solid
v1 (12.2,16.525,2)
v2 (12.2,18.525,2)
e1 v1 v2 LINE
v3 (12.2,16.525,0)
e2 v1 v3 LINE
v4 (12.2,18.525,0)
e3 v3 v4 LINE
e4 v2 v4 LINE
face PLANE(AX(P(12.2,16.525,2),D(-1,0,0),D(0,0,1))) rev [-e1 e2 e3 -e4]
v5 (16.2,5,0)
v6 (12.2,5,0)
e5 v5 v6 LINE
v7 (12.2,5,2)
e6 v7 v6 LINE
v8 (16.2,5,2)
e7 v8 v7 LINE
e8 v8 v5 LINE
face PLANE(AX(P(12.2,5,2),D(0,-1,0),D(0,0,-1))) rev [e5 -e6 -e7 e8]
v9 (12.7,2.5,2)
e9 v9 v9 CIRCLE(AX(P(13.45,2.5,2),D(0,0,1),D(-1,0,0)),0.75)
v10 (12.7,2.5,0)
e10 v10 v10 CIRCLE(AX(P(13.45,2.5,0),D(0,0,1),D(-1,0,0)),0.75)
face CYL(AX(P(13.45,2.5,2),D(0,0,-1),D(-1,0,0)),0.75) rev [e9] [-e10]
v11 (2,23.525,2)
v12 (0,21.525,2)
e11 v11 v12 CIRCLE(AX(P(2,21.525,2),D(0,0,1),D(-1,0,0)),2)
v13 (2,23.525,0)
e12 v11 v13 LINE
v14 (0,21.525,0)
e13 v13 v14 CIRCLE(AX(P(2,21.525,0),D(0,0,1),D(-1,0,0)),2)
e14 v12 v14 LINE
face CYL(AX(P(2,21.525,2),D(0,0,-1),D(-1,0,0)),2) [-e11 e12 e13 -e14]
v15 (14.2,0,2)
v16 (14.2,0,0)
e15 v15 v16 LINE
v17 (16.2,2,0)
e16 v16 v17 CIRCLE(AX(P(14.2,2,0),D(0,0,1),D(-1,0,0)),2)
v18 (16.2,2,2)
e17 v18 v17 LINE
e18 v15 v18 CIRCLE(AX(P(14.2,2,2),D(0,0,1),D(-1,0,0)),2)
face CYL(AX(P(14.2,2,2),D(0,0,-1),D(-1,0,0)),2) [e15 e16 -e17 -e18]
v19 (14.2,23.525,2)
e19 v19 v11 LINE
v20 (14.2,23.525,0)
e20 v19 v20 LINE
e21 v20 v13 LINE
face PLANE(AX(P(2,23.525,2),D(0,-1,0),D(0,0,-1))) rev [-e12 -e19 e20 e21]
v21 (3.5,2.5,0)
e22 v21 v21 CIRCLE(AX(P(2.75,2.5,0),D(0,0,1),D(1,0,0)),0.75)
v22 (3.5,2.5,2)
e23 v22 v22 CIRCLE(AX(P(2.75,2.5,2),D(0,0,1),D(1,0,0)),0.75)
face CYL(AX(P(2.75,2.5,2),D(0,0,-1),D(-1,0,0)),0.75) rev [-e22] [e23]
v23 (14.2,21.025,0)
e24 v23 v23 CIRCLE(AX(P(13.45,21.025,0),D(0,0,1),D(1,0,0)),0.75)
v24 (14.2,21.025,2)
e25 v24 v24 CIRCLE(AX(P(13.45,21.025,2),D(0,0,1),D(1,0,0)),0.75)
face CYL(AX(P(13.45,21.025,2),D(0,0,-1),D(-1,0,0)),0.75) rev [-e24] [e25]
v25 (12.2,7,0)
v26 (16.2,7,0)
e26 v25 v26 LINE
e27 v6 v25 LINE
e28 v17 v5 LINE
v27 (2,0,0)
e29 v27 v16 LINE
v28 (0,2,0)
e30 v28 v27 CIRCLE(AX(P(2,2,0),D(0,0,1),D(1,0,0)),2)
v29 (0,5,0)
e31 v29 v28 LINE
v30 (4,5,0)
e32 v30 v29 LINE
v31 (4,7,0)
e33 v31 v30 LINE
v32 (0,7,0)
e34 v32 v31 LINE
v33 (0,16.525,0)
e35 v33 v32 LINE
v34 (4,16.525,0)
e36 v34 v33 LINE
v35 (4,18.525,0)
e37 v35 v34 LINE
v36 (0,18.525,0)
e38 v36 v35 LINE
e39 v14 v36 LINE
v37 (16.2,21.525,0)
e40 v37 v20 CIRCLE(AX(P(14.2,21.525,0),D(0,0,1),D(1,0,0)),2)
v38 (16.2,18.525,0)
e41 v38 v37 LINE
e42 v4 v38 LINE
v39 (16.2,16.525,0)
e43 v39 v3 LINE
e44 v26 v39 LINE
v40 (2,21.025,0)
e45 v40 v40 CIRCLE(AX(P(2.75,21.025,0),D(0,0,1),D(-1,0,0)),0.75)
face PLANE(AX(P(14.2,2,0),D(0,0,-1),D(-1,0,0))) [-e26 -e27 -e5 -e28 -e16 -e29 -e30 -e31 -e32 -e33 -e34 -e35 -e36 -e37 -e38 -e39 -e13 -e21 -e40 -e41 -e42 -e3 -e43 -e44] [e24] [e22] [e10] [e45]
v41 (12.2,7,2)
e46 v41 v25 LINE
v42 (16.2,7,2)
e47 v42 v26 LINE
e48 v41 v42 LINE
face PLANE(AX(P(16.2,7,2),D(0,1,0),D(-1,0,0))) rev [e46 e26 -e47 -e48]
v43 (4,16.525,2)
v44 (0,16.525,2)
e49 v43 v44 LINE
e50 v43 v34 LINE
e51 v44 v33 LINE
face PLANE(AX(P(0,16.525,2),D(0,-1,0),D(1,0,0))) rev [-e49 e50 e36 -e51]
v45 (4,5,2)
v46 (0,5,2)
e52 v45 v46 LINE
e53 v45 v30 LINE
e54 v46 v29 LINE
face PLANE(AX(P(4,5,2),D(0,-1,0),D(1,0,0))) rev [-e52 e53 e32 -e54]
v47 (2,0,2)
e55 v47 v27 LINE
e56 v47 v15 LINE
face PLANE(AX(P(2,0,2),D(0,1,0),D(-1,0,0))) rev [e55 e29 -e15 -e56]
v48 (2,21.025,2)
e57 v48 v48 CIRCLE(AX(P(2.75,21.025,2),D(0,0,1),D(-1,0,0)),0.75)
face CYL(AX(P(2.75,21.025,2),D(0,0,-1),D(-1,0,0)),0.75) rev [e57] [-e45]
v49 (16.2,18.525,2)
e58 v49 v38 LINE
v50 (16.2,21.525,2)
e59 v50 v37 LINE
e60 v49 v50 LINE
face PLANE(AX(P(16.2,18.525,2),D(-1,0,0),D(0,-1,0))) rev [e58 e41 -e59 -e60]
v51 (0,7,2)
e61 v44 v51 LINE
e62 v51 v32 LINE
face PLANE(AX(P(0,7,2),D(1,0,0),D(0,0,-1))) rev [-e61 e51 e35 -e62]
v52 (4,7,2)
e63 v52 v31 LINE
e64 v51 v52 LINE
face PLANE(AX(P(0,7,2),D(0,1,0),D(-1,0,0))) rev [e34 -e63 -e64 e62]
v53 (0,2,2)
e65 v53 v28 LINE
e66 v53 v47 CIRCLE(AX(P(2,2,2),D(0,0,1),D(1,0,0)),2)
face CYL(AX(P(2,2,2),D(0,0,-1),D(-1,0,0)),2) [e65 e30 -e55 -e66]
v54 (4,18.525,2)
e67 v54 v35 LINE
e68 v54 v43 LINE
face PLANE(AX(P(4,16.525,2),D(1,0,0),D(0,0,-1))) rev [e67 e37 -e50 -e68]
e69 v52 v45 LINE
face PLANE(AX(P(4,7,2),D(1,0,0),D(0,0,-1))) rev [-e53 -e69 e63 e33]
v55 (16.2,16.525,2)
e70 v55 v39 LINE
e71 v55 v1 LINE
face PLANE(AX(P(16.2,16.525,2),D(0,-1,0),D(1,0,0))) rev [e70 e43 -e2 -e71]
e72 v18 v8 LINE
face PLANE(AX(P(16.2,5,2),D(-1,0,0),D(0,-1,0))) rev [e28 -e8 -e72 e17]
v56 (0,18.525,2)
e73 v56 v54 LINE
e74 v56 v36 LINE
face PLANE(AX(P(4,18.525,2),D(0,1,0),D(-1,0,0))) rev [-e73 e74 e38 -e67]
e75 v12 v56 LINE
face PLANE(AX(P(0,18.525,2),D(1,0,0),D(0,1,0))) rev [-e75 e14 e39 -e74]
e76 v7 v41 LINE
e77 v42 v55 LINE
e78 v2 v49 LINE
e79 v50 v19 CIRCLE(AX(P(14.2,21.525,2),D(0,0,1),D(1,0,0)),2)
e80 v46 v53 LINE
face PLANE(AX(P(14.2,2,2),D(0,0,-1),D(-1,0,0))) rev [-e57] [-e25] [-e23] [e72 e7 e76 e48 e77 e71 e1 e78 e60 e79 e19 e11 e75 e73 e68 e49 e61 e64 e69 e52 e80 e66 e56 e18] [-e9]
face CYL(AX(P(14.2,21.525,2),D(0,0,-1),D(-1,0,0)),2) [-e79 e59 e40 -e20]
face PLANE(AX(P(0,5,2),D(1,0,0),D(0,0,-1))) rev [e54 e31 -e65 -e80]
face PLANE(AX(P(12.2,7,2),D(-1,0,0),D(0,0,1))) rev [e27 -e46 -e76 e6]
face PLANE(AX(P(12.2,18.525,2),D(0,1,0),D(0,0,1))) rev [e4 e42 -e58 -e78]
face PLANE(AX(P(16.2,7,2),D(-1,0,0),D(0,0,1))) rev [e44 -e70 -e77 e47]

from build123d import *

# Parameters (mm, degrees)
SKETCH1_R           = 0.75
BOSS_EXTRUDE1_DEPTH = 2


with BuildPart() as part:
    # Sketch1 → Boss-Extrude1 (new body)
    with BuildSketch(Plane.XY):
        with BuildLine():
            Line((16.2, 5), (16.2, 2))
            ThreePointArc((16.2, 2), (15.614213562, 0.585786438), (14.2, 0))
            Line((14.2, 0), (2, 0))
            ThreePointArc((2, 0), (0.585786438, 0.585786438), (0, 2))
            Line((0, 2), (0, 5))
            Line((0, 5), (4, 5))
            Line((4, 5), (4, 7))
            Line((4, 7), (0, 7))
            Line((0, 7), (0, 16.525))
            Line((0, 16.525), (4, 16.525))
            Line((4, 16.525), (4, 18.525))
            Line((4, 18.525), (0, 18.525))
            Line((0, 18.525), (0, 21.525))
            ThreePointArc((0, 21.525), (0.585786438, 22.939213562), (2, 23.525))
            Line((2, 23.525), (14.2, 23.525))
            ThreePointArc((14.2, 23.525), (15.614213562, 22.939213562), (16.2, 21.525))
            Line((16.2, 21.525), (16.2, 18.525))
            Line((16.2, 18.525), (12.2, 18.525))
            Line((12.2, 18.525), (12.2, 16.525))
            Line((12.2, 16.525), (16.2, 16.525))
            Line((16.2, 16.525), (16.2, 7))
            Line((16.2, 7), (12.2, 7))
            Line((12.2, 7), (12.2, 5))
            Line((12.2, 5), (16.2, 5))
        make_face()
        with Locations((13.45, 2.5)):
            Circle(SKETCH1_R, mode=Mode.SUBTRACT)
        with Locations((2.75, 21.025)):
            Circle(SKETCH1_R, mode=Mode.SUBTRACT)
        with Locations((13.45, 21.025)):
            Circle(SKETCH1_R, mode=Mode.SUBTRACT)
        with Locations((2.75, 2.5)):
            Circle(SKETCH1_R, mode=Mode.SUBTRACT)
    extrude(amount=BOSS_EXTRUDE1_DEPTH)


solid = part.part
